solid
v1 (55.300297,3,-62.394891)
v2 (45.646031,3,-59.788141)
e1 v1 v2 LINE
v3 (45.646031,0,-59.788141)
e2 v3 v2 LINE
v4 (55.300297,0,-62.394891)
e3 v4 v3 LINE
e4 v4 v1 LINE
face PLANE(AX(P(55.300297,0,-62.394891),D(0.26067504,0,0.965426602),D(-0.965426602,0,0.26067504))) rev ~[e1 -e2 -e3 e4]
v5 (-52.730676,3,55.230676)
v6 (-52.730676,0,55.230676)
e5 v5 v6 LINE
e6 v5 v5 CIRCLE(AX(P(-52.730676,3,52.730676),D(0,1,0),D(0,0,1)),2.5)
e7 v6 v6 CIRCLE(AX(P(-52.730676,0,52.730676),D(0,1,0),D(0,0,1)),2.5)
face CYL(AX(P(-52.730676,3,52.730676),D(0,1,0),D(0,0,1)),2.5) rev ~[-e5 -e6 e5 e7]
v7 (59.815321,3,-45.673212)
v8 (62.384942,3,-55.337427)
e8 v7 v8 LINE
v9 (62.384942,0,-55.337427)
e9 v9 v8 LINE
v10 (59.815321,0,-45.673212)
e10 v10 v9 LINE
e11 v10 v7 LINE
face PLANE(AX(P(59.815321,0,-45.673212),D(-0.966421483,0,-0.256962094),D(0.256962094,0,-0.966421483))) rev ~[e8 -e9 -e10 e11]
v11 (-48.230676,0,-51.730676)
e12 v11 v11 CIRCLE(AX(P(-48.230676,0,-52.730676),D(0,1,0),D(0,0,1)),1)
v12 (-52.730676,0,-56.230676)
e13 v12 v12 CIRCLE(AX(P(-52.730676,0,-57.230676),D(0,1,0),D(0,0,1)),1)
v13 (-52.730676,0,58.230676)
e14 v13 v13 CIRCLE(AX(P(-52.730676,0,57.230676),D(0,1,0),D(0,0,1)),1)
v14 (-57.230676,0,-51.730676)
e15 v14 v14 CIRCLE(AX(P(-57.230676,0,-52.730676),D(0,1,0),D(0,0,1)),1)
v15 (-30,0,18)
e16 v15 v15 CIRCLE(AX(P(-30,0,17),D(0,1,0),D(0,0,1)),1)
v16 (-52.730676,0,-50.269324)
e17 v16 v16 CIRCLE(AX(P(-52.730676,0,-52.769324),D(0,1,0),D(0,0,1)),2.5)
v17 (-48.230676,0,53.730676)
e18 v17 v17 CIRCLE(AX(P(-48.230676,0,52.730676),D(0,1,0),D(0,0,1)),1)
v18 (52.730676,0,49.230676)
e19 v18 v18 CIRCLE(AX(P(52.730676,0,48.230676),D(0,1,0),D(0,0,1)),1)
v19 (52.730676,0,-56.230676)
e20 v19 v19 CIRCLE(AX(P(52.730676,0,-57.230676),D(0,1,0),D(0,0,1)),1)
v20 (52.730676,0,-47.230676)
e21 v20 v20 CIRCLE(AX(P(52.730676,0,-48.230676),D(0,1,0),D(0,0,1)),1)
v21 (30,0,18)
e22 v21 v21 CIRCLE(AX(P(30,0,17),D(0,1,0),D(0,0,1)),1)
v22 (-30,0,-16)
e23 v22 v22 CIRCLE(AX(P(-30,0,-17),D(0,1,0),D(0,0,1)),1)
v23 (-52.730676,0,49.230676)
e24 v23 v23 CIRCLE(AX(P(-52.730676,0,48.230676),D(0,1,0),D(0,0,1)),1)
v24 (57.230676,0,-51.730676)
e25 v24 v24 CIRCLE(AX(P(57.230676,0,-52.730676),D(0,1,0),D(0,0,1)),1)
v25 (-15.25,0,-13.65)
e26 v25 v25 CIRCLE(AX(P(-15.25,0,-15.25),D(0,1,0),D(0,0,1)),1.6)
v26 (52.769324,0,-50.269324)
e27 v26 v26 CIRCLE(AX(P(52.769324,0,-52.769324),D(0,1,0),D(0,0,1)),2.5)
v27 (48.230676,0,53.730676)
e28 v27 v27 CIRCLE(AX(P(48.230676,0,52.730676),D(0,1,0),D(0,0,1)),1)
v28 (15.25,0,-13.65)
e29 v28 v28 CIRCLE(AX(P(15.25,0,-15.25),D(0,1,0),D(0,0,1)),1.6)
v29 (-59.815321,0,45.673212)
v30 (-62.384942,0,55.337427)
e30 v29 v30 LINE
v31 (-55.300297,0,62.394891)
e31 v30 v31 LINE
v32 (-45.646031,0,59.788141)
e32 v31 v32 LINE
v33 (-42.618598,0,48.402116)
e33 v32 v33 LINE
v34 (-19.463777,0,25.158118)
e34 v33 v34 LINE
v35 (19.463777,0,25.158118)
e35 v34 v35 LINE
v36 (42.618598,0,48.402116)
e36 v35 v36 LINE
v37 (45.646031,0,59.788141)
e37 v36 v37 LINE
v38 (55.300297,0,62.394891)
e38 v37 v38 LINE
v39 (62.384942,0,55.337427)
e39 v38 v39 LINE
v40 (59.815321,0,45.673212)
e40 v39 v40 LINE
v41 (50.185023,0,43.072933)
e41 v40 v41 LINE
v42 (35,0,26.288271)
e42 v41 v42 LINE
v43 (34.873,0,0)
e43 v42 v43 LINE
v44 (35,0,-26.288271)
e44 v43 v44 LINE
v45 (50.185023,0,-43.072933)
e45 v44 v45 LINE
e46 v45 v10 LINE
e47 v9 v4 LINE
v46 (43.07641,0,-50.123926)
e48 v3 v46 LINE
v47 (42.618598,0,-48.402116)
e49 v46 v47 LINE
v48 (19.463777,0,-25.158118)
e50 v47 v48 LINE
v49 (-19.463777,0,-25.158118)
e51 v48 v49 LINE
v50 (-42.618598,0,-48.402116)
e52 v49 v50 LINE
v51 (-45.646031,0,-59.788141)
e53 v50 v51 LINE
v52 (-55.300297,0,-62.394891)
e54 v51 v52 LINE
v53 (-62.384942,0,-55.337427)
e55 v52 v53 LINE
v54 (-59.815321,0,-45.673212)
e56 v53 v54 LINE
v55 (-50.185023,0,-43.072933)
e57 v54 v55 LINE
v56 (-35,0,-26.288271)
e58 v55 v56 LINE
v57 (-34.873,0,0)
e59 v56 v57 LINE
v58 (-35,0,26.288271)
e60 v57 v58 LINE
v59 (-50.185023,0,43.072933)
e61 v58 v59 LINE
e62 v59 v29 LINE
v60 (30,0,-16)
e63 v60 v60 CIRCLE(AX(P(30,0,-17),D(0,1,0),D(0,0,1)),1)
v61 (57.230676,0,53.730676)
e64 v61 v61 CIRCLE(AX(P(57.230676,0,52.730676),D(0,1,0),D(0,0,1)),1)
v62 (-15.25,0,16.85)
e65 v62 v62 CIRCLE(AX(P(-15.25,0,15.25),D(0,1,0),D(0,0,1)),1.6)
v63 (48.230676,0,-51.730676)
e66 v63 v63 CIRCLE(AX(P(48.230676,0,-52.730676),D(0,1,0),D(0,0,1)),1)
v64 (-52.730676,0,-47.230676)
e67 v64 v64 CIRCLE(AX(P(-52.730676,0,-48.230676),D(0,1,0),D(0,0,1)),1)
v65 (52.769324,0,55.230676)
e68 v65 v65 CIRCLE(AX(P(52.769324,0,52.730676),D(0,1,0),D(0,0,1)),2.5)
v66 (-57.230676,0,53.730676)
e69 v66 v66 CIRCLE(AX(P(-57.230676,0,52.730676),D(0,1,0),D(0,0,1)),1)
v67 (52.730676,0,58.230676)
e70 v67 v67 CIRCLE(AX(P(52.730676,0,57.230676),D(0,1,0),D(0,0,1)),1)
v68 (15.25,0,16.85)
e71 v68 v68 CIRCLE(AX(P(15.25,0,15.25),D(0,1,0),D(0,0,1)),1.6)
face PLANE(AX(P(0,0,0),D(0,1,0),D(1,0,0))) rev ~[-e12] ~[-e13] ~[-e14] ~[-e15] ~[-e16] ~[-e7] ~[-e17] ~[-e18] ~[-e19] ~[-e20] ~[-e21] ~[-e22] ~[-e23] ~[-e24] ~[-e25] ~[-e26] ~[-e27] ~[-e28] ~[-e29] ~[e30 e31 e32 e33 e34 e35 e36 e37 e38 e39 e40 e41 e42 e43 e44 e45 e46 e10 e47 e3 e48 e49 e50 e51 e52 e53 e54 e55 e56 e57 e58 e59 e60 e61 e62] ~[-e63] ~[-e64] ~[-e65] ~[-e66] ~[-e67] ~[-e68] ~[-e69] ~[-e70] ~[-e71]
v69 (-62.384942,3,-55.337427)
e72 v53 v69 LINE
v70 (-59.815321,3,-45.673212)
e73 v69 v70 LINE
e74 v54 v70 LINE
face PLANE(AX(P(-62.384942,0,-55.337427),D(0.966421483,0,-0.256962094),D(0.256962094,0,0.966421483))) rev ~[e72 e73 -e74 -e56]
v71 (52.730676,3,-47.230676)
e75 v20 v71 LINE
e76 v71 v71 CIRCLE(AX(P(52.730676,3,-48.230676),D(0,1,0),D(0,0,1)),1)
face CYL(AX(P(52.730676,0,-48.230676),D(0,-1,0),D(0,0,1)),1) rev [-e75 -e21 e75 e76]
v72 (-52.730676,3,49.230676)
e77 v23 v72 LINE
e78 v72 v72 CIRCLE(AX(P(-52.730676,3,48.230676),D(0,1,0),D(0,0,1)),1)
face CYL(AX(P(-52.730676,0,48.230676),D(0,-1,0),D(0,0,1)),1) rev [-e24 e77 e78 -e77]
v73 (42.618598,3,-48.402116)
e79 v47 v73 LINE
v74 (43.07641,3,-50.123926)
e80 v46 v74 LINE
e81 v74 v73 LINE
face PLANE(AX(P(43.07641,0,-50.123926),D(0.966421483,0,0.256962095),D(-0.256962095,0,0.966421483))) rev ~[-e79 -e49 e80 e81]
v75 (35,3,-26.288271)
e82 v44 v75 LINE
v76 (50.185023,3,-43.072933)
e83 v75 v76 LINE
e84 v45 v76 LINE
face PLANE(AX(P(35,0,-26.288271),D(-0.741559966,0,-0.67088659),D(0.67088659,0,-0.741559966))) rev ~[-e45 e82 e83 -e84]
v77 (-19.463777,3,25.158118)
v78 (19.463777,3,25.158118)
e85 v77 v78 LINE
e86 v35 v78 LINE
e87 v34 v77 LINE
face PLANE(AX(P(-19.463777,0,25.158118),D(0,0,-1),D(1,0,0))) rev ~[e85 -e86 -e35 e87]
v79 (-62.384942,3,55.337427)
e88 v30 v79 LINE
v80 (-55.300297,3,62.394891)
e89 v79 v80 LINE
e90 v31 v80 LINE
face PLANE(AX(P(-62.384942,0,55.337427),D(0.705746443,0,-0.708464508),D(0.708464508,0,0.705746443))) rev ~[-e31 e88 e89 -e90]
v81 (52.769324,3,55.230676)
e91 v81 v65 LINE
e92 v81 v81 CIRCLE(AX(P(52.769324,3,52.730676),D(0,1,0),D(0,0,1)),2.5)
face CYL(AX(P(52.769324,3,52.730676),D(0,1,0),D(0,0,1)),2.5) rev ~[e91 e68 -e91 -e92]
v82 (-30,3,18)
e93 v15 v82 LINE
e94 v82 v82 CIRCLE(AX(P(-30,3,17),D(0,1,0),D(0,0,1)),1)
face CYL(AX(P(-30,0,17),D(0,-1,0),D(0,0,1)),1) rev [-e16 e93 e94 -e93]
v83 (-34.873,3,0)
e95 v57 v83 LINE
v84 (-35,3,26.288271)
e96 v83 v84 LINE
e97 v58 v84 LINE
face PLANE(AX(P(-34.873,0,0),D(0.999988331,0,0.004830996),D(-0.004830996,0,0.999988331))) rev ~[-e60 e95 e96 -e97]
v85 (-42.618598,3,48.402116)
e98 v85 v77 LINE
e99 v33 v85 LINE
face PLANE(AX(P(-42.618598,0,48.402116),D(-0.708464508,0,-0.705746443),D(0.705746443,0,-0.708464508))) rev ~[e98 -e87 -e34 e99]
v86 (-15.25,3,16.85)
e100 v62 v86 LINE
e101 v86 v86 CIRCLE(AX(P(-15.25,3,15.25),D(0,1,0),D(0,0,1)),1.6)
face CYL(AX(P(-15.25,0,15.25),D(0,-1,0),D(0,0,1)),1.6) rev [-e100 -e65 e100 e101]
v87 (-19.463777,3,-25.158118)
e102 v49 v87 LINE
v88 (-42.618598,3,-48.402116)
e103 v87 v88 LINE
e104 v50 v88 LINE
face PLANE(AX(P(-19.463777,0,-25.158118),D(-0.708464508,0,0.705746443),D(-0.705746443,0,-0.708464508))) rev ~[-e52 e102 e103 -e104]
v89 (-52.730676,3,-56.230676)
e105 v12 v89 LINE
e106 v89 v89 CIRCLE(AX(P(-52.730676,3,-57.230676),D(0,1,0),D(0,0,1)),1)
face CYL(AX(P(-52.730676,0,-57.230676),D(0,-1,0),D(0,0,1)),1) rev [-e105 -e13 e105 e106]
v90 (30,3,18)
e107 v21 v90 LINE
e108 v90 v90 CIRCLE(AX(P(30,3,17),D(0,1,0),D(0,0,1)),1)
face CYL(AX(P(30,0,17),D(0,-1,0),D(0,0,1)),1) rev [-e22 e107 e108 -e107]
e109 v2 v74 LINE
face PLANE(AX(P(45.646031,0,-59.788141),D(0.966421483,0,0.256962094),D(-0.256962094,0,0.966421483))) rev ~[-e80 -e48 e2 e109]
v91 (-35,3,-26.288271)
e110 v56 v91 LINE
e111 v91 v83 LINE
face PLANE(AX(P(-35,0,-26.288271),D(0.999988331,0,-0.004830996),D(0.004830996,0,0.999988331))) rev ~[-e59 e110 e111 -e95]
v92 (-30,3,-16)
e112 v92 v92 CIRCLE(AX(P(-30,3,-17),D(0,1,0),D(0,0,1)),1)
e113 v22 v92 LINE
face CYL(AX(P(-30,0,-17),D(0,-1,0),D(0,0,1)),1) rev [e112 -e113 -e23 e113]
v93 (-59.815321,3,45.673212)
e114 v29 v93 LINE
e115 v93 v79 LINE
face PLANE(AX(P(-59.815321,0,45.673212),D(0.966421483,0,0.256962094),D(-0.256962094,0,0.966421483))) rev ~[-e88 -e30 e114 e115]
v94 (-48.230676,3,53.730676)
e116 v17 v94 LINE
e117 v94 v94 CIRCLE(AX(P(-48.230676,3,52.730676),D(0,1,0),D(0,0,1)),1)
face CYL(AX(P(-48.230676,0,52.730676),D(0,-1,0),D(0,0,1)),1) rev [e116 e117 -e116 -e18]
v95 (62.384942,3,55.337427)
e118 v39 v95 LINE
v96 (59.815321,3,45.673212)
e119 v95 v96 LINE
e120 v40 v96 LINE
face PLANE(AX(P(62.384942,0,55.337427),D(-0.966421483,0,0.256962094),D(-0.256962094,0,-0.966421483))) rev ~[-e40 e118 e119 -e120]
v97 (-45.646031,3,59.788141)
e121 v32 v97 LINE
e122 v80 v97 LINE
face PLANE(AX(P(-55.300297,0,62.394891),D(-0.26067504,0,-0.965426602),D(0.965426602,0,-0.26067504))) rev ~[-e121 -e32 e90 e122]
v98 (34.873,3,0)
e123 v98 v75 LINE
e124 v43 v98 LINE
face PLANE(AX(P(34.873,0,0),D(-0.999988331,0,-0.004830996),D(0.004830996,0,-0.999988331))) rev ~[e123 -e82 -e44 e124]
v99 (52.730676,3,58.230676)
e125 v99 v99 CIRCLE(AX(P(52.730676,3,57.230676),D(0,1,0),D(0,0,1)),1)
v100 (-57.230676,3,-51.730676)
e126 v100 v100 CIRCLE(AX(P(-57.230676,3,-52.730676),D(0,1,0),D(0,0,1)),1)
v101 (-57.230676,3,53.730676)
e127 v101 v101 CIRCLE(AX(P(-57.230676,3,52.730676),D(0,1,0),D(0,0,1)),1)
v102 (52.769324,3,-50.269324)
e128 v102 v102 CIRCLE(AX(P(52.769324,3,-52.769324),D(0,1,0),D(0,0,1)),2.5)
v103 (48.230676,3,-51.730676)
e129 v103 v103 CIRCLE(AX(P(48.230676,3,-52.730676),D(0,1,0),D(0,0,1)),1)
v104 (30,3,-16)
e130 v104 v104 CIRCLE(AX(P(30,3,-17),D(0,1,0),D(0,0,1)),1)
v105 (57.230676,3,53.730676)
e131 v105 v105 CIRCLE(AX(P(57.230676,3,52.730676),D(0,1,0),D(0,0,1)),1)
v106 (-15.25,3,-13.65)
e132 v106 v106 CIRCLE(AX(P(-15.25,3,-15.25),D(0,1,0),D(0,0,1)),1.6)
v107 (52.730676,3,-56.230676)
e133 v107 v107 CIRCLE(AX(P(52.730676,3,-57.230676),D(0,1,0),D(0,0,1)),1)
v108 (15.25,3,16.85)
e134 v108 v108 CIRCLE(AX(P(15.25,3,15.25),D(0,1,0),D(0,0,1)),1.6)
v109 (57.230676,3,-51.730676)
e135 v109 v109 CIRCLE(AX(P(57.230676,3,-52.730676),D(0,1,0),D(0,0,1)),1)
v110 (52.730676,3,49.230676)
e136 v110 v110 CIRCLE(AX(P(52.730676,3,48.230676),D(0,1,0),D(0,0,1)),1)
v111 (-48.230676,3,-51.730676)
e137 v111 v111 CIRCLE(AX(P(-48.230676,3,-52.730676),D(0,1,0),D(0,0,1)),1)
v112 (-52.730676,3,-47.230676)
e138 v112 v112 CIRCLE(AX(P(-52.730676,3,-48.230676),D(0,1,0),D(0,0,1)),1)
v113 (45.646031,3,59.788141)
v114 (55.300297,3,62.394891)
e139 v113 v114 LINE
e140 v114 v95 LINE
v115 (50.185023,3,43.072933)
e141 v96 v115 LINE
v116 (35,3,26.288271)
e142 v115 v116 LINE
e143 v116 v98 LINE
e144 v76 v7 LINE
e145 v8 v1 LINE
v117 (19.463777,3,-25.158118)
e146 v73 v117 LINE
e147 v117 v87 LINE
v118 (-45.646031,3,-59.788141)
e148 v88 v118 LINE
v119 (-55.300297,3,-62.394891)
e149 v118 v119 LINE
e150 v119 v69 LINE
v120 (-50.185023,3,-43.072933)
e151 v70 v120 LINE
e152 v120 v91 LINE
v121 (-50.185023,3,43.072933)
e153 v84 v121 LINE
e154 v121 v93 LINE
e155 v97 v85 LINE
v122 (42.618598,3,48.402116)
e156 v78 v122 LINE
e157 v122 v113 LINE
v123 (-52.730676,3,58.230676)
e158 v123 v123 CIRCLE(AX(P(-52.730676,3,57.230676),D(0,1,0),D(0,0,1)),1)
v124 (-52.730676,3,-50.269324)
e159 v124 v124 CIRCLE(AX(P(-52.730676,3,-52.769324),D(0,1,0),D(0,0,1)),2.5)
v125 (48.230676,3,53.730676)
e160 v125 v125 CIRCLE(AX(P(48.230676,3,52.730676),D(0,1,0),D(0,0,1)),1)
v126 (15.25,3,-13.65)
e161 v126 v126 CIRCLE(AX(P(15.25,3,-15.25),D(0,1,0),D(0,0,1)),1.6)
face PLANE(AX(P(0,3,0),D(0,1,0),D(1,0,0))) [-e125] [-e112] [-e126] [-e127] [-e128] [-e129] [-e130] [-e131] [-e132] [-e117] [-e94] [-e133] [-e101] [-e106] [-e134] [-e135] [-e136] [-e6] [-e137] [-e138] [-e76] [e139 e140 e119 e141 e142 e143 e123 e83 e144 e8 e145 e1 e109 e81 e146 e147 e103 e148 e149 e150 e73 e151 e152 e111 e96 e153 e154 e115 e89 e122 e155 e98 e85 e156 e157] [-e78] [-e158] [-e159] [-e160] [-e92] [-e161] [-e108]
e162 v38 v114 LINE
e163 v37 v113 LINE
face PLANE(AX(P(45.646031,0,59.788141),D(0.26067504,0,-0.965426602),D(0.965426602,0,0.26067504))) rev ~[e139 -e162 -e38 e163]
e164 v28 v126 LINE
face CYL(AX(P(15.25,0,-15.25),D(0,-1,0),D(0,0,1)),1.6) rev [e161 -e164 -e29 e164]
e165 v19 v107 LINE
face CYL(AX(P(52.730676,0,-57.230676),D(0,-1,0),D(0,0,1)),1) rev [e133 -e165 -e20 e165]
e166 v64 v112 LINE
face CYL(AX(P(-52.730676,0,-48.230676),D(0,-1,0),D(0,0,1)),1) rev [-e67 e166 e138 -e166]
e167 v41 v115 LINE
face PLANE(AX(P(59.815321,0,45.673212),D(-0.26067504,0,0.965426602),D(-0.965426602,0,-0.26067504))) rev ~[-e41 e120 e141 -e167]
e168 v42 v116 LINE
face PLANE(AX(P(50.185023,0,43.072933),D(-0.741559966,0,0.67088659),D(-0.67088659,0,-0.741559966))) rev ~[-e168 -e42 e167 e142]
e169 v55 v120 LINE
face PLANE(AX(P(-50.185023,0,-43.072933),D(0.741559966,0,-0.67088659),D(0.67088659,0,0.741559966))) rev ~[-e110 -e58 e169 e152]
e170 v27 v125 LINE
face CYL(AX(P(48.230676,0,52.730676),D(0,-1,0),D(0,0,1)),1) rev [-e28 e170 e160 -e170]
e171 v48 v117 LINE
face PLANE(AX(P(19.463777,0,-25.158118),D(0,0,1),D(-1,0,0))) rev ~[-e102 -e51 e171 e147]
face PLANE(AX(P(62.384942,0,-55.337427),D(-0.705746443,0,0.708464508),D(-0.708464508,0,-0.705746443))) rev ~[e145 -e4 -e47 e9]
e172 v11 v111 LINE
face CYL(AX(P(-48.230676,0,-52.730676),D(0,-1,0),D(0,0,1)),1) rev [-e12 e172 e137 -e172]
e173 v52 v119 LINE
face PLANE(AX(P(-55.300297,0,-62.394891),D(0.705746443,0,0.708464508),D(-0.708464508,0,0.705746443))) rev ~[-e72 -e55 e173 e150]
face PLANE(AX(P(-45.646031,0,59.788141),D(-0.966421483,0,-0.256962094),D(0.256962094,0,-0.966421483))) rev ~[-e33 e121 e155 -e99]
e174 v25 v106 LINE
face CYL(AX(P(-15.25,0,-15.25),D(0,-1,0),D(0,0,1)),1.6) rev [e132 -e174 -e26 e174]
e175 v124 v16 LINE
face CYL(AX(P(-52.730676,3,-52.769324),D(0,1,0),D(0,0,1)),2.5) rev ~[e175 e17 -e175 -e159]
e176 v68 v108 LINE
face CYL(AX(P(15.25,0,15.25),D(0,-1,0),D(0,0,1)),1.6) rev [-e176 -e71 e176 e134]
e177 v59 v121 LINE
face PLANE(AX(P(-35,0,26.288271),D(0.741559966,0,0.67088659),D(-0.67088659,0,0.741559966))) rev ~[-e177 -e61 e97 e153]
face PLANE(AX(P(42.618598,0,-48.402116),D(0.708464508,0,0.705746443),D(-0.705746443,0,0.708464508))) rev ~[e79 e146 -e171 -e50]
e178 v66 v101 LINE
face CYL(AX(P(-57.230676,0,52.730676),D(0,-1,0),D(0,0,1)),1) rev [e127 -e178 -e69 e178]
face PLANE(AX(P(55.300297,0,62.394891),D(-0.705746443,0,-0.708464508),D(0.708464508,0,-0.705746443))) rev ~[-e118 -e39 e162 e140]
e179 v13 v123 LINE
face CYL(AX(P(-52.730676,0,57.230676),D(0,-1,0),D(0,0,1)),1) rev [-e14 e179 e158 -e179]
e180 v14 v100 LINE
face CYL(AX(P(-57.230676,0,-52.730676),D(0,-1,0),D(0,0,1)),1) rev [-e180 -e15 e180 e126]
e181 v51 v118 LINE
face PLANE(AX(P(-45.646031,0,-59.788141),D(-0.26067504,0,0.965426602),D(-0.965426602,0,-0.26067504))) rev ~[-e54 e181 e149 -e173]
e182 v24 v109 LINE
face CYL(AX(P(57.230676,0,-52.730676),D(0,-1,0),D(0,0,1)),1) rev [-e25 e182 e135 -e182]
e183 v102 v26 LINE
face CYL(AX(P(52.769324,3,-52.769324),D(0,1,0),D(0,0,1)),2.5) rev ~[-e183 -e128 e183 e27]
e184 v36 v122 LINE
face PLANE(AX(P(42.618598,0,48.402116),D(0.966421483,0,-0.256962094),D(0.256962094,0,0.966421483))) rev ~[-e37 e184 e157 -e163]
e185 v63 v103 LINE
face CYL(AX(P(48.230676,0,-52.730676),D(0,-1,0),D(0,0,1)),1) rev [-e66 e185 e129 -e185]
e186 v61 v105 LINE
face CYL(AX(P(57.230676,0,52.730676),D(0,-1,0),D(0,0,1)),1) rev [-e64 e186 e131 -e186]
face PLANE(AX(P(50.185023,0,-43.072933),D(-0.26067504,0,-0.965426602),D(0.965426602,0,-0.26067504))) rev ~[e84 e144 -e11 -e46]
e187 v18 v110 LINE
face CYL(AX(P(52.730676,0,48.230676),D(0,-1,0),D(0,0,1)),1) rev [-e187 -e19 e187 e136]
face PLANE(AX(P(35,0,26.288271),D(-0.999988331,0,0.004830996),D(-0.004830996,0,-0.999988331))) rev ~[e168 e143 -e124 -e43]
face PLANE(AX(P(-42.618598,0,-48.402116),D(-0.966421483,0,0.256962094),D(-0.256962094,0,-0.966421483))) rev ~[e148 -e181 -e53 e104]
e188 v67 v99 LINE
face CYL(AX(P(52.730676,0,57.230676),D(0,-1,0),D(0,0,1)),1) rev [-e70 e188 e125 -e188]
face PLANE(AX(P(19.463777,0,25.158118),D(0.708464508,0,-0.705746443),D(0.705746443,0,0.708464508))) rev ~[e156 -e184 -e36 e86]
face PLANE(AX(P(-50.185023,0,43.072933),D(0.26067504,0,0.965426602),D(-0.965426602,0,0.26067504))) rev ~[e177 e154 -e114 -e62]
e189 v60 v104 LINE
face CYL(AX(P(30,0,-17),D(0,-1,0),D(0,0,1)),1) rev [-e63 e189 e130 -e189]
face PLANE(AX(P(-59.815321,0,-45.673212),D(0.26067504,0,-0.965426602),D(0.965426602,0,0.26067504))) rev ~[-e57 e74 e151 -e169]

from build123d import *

# Parameters (mm, degrees)
SKETCH1_R           = 1
SKETCH1_R_2         = 1.6
BOSS_EXTRUDE1_DEPTH = 3
SKETCH7_R           = 0.75
BOSS_EXTRUDE4_DEPTH = 0.05
SKETCH8_R           = 2.5
CUT_EXTRUDE7_DEPTH  = 10


with BuildPart() as part:
    # Sketch1 → Boss-Extrude1 (new body)
    with BuildSketch(Plane(origin=(0, 0, 0), x_dir=(1, 0, 0), z_dir=(0, 1, 0))):
        Polygon((43.076410298, 50.123925917), (42.618597625, 48.402115535), (19.4637773, 25.158118275), (-19.4637773, 25.158118275), (-42.618597625, 48.402115535), (-45.64603124, 59.788140743), (-55.300297258, 62.394891143), (-62.384942335, 55.337426715), (-59.815321393, 45.673211889), (-50.185022628, 43.072932893), (-35, 26.288270568), (-34.873, 0), (-35, -26.288270568), (-50.185022628, -43.072932893), (-59.815321393, -45.673211889), (-62.384942335, -55.337426715), (-55.300297258, -62.394891143), (-45.64603124, -59.788140743), (-42.618597625, -48.402115535), (-19.4637773, -25.158118275), (19.4637773, -25.158118275), (42.618597625, -48.402115535), (45.64603124, -59.788140743), (55.300297258, -62.394891143), (62.384942335, -55.337426715), (59.815321393, -45.673211889), (50.185022628, -43.072932893), (35, -26.288270568), (34.873, 0), (35, 26.288270568), (50.185022628, 43.072932893), (59.815321393, 45.673211889), (62.384942335, 55.337426715), (55.300297258, 62.394891143), (45.64603124, 59.788140743), align=None)
        with Locations(Location((-52.730676316, -57.230676316, 0), (0, 0, 270))):
            Circle(SKETCH1_R, mode=Mode.SUBTRACT)
        with Locations(Location((-57.230676316, -52.730676316, 0), (0, 0, 270))):
            Circle(SKETCH1_R, mode=Mode.SUBTRACT)
        with Locations(Location((-48.230676316, -52.730676316, 0), (0, 0, 270))):
            Circle(SKETCH1_R, mode=Mode.SUBTRACT)
        with Locations(Location((-52.730676316, -48.230676316, 0), (0, 0, 270))):
            Circle(SKETCH1_R, mode=Mode.SUBTRACT)
        with Locations(Location((-30, -17, 0), (0, 0, 270))):
            Circle(SKETCH1_R, mode=Mode.SUBTRACT)
        with Locations(Location((-15.25, -15.25, 0), (0, 0, 270))):
            Circle(SKETCH1_R_2, mode=Mode.SUBTRACT)
        with Locations(Location((52.730676316, -57.230676316, 0), (0, 0, 270))):
            Circle(SKETCH1_R, mode=Mode.SUBTRACT)
        with Locations(Location((48.230676316, -52.730676316, 0), (0, 0, 270))):
            Circle(SKETCH1_R, mode=Mode.SUBTRACT)
        with Locations(Location((52.730676316, -48.230676316, 0), (0, 0, 270))):
            Circle(SKETCH1_R, mode=Mode.SUBTRACT)
        with Locations(Location((57.230676316, -52.730676316, 0), (0, 0, 270))):
            Circle(SKETCH1_R, mode=Mode.SUBTRACT)
        with Locations(Location((30, -17, 0), (0, 0, 270))):
            Circle(SKETCH1_R, mode=Mode.SUBTRACT)
        with Locations(Location((15.25, -15.25, 0), (0, 0, 270))):
            Circle(SKETCH1_R_2, mode=Mode.SUBTRACT)
        with Locations(Location((-15.25, 15.25, 0), (0, 0, 270))):
            Circle(SKETCH1_R_2, mode=Mode.SUBTRACT)
        with Locations(Location((-30, 17, 0), (0, 0, 270))):
            Circle(SKETCH1_R, mode=Mode.SUBTRACT)
        with Locations(Location((-57.230676316, 52.730676316, 0), (0, 0, 270))):
            Circle(SKETCH1_R, mode=Mode.SUBTRACT)
        with Locations(Location((-52.730676316, 48.230676316, 0), (0, 0, 270))):
            Circle(SKETCH1_R, mode=Mode.SUBTRACT)
        with Locations(Location((-48.230676316, 52.730676316, 0), (0, 0, 270))):
            Circle(SKETCH1_R, mode=Mode.SUBTRACT)
        with Locations(Location((-52.730676316, 57.230676316, 0), (0, 0, 270))):
            Circle(SKETCH1_R, mode=Mode.SUBTRACT)
        with Locations(Location((15.25, 15.25, 0), (0, 0, 270))):
            Circle(SKETCH1_R_2, mode=Mode.SUBTRACT)
        with Locations(Location((30, 17, 0), (0, 0, 270))):
            Circle(SKETCH1_R, mode=Mode.SUBTRACT)
        with Locations(Location((52.730676316, 48.230676316, 0), (0, 0, 270))):
            Circle(SKETCH1_R, mode=Mode.SUBTRACT)
        with Locations(Location((48.230676316, 52.730676316, 0), (0, 0, 270))):
            Circle(SKETCH1_R, mode=Mode.SUBTRACT)
        with Locations(Location((57.230676316, 52.730676316, 0), (0, 0, 270))):
            Circle(SKETCH1_R, mode=Mode.SUBTRACT)
        with Locations(Location((52.730676316, 57.230676316, 0), (0, 0, 270))):
            Circle(SKETCH1_R, mode=Mode.SUBTRACT)
    extrude(amount=BOSS_EXTRUDE1_DEPTH)

    # Sketch7 → Boss-Extrude4 (add)
    with BuildSketch(Plane(origin=(0, 3, 0), x_dir=(1, 0, 0), z_dir=(0, 1, 0))):
        with Locations(Location((-52.730676316, -52.730676316, 0), (0, 0, 270))):
            Circle(SKETCH7_R)
        with Locations(Location((-52.730676316, 52.730676316, 0), (0, 0, 90))):
            Circle(SKETCH7_R)
        with Locations(Location((52.730676316, 52.730676316, 0), (0, 0, 270))):
            Circle(SKETCH7_R)
        with Locations(Location((52.730676316, -52.730676316, 0), (0, 0, 90))):
            Circle(SKETCH7_R)
    extrude(amount=BOSS_EXTRUDE4_DEPTH)

    # Sketch8 → Cut-Extrude7 (cut)
    with BuildSketch(Plane(origin=(0, 3, 0), x_dir=(1, 0, 0), z_dir=(0, 1, 0))):
        with Locations(Location((-52.730676316, -52.730676316, 0), (0, 0, 270))):
            Circle(SKETCH8_R)
        with Locations(Location((52.769323684, -52.730676316, 0), (0, 0, 270))):
            Circle(SKETCH8_R)
        with Locations(Location((52.769323684, 52.769323684, 0), (0, 0, 270))):
            Circle(SKETCH8_R)
        with Locations(Location((-52.730676316, 52.769323684, 0), (0, 0, 270))):
            Circle(SKETCH8_R)
    extrude(amount=-CUT_EXTRUDE7_DEPTH, mode=Mode.SUBTRACT)


with BuildPart() as body_2:
    # of the pieces the cut leaves, the one that is kept (cut_extrude7_keep)
    add(part.part.solids().sort_by_distance((-19.4637773, 0, 25.158118275))[0])


solid = body_2.part
